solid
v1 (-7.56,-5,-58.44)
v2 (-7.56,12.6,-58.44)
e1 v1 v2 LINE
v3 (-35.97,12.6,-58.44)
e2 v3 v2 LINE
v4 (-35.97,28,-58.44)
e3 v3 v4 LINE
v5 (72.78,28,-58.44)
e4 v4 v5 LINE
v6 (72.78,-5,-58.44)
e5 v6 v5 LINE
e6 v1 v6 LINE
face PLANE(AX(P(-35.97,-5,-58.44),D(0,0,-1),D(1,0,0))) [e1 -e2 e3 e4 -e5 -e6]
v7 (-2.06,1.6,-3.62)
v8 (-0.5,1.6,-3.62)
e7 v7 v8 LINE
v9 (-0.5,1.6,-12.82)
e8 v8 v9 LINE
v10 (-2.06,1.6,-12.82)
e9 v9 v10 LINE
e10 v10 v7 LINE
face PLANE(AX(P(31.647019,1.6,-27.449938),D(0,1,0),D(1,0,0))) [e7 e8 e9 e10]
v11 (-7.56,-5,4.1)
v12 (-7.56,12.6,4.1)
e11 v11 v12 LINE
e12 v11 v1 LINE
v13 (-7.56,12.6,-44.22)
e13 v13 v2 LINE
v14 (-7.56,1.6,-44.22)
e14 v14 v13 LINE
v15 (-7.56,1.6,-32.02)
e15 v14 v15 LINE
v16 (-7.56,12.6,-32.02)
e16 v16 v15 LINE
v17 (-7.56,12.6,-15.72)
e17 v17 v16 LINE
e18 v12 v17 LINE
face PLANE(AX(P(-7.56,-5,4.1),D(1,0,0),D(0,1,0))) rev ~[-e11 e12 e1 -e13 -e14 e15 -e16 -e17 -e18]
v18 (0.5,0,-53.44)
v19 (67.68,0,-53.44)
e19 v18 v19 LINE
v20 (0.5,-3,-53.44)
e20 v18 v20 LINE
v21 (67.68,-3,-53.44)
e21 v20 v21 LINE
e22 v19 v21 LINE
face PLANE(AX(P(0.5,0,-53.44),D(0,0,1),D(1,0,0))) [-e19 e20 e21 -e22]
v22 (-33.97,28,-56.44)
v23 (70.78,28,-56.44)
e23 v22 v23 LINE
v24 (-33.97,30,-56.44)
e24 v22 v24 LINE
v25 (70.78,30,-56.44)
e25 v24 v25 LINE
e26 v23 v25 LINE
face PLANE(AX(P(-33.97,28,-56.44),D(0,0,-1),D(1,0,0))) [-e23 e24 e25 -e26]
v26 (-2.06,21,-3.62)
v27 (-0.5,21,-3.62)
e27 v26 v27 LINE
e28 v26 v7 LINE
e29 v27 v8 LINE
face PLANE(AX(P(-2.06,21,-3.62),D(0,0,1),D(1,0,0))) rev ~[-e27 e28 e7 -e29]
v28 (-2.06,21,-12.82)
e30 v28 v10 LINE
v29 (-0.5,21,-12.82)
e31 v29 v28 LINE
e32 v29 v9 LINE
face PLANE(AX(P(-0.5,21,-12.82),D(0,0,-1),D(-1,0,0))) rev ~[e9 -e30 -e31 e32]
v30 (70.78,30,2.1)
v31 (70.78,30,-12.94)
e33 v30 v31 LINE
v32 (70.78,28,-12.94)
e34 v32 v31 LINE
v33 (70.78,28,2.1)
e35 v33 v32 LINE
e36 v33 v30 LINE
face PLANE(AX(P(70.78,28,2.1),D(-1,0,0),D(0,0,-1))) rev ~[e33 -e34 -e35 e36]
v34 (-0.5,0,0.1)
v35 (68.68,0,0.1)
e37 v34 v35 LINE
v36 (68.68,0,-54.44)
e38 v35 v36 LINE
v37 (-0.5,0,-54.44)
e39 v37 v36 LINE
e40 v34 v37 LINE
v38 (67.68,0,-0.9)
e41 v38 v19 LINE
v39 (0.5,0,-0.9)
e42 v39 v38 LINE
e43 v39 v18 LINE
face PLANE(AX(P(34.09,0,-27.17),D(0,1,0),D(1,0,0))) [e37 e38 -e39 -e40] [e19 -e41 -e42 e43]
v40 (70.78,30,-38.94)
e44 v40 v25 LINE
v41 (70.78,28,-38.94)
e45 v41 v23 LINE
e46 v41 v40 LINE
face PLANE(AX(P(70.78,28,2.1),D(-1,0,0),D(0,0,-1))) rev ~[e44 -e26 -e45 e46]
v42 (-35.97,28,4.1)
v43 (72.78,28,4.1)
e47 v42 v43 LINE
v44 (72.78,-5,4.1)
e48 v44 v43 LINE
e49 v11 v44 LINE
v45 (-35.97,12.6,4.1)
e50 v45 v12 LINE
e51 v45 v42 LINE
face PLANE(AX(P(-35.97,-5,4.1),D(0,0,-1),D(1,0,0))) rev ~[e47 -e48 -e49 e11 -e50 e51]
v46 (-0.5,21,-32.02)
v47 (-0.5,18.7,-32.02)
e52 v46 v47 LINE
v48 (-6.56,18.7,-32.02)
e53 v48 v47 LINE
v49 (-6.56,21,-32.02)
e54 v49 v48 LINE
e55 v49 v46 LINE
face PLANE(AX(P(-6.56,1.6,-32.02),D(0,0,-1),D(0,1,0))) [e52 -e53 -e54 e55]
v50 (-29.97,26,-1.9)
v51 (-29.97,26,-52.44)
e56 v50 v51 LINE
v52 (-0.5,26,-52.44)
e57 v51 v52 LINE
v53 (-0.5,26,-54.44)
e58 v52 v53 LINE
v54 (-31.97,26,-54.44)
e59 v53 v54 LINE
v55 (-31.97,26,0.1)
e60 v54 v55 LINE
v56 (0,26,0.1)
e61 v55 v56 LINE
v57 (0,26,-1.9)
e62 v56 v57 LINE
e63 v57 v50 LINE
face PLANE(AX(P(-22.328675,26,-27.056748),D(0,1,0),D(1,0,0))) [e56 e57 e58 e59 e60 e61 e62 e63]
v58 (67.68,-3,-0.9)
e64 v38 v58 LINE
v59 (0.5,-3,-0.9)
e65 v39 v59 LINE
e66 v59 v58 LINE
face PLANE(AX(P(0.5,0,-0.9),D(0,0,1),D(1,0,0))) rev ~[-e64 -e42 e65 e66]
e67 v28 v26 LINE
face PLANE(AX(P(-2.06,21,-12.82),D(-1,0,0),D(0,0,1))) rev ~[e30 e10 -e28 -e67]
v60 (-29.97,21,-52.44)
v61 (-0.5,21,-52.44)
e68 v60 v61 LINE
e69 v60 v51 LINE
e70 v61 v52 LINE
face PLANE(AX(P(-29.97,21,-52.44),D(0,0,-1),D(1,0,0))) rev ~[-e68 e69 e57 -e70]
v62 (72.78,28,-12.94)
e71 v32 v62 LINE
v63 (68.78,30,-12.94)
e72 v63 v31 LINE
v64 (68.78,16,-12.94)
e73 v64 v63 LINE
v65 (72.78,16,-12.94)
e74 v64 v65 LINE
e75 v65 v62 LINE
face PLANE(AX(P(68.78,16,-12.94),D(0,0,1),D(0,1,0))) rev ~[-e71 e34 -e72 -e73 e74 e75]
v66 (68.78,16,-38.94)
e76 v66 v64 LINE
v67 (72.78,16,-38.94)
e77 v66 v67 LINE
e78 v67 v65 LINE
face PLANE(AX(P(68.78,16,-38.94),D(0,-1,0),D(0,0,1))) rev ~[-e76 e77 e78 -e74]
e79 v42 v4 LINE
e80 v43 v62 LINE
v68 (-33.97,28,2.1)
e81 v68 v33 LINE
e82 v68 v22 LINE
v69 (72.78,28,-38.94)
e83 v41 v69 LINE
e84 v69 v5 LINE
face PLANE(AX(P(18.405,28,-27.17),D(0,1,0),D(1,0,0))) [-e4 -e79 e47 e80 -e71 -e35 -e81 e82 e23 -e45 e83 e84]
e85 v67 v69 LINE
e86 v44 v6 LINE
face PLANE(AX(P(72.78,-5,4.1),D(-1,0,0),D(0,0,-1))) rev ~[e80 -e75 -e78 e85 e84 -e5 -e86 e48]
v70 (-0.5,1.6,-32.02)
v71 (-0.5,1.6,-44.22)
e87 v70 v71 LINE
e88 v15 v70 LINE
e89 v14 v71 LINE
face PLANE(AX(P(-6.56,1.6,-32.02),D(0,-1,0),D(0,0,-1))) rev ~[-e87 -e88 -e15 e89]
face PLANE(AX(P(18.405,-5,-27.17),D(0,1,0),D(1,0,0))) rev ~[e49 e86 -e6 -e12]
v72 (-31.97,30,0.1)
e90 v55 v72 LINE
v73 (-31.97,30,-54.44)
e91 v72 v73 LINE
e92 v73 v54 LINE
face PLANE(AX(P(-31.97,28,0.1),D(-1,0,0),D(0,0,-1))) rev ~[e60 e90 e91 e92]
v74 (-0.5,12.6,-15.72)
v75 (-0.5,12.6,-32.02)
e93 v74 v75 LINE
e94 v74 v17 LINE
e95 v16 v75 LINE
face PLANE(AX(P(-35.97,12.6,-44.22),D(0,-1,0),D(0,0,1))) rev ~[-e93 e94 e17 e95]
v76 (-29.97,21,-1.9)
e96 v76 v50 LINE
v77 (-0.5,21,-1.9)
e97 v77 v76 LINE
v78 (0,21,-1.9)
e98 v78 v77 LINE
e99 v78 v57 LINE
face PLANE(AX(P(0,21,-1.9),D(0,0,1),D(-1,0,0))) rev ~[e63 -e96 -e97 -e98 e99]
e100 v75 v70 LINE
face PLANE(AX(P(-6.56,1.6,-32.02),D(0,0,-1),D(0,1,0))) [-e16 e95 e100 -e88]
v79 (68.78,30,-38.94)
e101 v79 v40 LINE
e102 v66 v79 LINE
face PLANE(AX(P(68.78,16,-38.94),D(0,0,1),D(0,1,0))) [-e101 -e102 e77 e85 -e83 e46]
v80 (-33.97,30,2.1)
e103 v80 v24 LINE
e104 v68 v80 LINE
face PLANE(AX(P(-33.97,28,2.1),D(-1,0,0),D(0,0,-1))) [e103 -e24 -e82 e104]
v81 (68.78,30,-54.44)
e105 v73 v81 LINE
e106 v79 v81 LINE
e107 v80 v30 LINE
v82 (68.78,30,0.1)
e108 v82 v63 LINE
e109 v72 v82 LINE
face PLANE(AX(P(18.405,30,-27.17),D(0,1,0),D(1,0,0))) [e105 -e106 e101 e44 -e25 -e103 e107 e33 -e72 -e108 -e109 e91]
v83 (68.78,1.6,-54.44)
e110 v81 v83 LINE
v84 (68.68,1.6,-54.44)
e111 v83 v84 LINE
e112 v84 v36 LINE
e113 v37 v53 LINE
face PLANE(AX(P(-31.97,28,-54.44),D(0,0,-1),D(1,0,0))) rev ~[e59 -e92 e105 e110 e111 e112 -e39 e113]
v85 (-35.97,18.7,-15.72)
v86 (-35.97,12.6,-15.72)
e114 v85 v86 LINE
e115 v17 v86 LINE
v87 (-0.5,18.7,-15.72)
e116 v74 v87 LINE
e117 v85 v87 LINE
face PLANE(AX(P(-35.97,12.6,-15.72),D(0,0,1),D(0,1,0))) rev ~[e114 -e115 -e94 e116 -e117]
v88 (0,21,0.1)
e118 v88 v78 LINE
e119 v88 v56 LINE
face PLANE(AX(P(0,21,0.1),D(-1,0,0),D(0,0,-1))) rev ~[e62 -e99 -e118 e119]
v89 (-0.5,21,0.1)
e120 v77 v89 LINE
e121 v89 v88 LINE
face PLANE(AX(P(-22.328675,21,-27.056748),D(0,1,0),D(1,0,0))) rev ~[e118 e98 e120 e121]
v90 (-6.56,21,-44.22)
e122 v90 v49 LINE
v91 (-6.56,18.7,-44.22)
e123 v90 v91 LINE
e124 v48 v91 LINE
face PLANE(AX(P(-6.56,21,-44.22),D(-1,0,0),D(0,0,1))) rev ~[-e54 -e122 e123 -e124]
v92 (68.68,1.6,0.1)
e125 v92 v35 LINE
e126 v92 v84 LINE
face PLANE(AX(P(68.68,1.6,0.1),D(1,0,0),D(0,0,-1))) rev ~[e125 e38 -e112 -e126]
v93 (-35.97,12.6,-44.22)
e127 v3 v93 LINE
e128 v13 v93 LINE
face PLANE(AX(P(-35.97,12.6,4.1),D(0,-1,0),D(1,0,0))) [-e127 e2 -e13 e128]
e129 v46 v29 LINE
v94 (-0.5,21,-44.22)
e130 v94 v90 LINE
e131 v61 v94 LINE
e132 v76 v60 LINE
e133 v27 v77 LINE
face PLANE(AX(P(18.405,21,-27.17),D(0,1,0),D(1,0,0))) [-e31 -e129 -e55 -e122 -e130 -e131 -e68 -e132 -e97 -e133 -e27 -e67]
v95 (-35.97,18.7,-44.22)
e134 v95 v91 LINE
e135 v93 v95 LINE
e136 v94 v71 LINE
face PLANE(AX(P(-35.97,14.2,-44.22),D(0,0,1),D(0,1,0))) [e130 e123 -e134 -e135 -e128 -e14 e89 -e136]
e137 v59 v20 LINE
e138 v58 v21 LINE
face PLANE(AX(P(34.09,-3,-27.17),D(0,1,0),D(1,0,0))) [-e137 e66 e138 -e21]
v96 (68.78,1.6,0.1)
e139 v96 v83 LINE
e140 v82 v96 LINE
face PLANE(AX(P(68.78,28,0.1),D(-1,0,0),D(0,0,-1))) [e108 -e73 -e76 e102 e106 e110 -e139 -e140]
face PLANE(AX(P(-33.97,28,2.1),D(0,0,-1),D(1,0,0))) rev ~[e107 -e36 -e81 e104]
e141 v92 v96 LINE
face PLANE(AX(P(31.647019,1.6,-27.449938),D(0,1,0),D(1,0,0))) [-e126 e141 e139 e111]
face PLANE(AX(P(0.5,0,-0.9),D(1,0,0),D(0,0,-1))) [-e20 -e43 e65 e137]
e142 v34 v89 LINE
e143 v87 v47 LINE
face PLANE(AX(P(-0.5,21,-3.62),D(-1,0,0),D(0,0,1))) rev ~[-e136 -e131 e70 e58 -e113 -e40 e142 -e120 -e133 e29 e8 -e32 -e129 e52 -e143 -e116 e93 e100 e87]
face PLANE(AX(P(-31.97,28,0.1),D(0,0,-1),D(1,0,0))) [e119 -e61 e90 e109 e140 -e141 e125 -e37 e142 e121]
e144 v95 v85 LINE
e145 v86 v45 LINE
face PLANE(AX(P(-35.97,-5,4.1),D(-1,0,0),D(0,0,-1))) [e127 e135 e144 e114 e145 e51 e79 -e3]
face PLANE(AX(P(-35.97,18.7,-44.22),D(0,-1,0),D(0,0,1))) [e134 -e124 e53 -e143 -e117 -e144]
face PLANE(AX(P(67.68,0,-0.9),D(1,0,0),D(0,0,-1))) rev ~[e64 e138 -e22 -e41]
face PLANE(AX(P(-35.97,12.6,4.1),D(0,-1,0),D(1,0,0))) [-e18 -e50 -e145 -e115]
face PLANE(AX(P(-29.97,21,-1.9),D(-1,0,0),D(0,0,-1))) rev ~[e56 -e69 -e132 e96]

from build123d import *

# Parameters (mm, degrees)
EXTRUDE_1_DEPTH      = 28
EXTRUDE_1_DEPTH_BACK = 5
SKETCH_6_W           = 108.75
SKETCH_6_H           = 62.54
SKETCH_8_W           = 100.75
SKETCH_8_H           = 54.54
CUT_EXTRUDE_1_DEPTH  = 7
CUT_EXTRUDE_2_DEPTH  = 19.4
SKETCH_10_W          = 69.18
SKETCH_10_H          = 54.54
CUT_EXTRUDE_3_DEPTH  = 1.6
SKETCH_11_W          = 67.18
SKETCH_11_H          = 52.54
CUT_EXTRUDE_4_DEPTH  = 3
SKETCH_12_W          = 12.2
SKETCH_12_H          = 11
CUT_EXTRUDE_5_DEPTH  = 103.440564231
CUT_EXTRUDE_6_REACH  = 128.593
SKETCH_14_W          = 28.5
SKETCH_14_H          = 4.5
CUT_EXTRUDE_7_REACH  = 101.961
SKETCH_15_W          = 28.41
SKETCH_15_H          = 17.6
EXTRUDE_2_DEPTH      = 5
CUT_EXTRUDE_14_REACH = 128.593
SKETCH_23_W          = 28.5
SKETCH_23_H          = 1.6
SKETCH_25_W          = 104.75
SKETCH_25_H          = 58.54
SKETCH_25_W_2        = 100.75
SKETCH_25_H_2        = 54.54
EXTRUDE_3_DEPTH      = 2
SKETCH_26_W          = 26
SKETCH_26_H          = 14
CUT_EXTRUDE_15_DEPTH = 4


with BuildPart() as part:
    # ｽｹｯﾁ6 → ﾎﾞｽ - 押し出し1 (new, two sides: drawn at the far end of the back side and taken through both)
    with BuildSketch(Plane(origin=(0, 0, 0), x_dir=(1, 0, 0), z_dir=(0, 1, 0)).offset(-EXTRUDE_1_DEPTH_BACK)):
        with Locations((18.405, 27.17)):
            Rectangle(SKETCH_6_W, SKETCH_6_H)
    extrude(amount=EXTRUDE_1_DEPTH + EXTRUDE_1_DEPTH_BACK)

    # ｽｹｯﾁ8 → ｶｯﾄ - 押し出し1 (cut)
    with BuildSketch(Plane(origin=(0, 28, 0), x_dir=(1, 0, 0), z_dir=(0, 1, 0))):
        with Locations((18.405, 27.17)):
            Rectangle(SKETCH_8_W, SKETCH_8_H)
    extrude(amount=-CUT_EXTRUDE_1_DEPTH, mode=Mode.SUBTRACT)

    # ｽｹｯﾁ9 → ｶｯﾄ - 押し出し2 (cut)
    with BuildSketch(Plane(origin=(0, 21, 0), x_dir=(1, 0, 0), z_dir=(0, 1, 0))):
        Polygon((-0.5, 54.44), (-0.5, 44.22), (-6.56, 44.22), (-6.56, 32.02), (-0.5, 32.02), (-0.5, 12.82), (-2.06, 12.82), (-2.06, 3.62), (-0.5, 3.62), (-0.5, -0.1), (68.78, -0.1), (68.78, 54.44), align=None)
    extrude(amount=-CUT_EXTRUDE_2_DEPTH, mode=Mode.SUBTRACT)

    # ｽｹｯﾁ10 → ｶｯﾄ - 押し出し3 (cut)
    with BuildSketch(Plane(origin=(0, 1.6, 0), x_dir=(1, 0, 0), z_dir=(0, 1, 0))):
        with Locations((34.09, 27.17)):
            Rectangle(SKETCH_10_W, SKETCH_10_H)
    extrude(amount=-CUT_EXTRUDE_3_DEPTH, mode=Mode.SUBTRACT)

    # ｽｹｯﾁ11 → ｶｯﾄ - 押し出し4 (cut)
    with BuildSketch(Plane(origin=(0, 0, 0), x_dir=(1, 0, 0), z_dir=(0, 1, 0))):
        with Locations((34.09, 27.17)):
            Rectangle(SKETCH_11_W, SKETCH_11_H)
    extrude(amount=-CUT_EXTRUDE_4_DEPTH, mode=Mode.SUBTRACT)

    # ｽｹｯﾁ12 → ｶｯﾄ - 押し出し5 (cut, through all)
    with BuildSketch(Plane(origin=(-6.56, 0, 0), x_dir=(0, 0, -1), z_dir=(1, 0, 0))):
        with Locations((38.12, 7.1)):
            Rectangle(SKETCH_12_W, SKETCH_12_H)
    extrude(amount=-CUT_EXTRUDE_5_DEPTH, mode=Mode.SUBTRACT)

    # ｽｹｯﾁ14 → ｶｯﾄ - 押し出し6 (cut, up to next)
    with BuildSketch(Plane.ZY.offset(35.97), mode=Mode.PRIVATE) as cut_extrude_6_sk1:
        with Locations((-29.97, 16.45)):
            Rectangle(SKETCH_14_W, SKETCH_14_H)
    cut_extrude_6_tool1 = extrude(cut_extrude_6_sk1.sketch, amount=-CUT_EXTRUDE_6_REACH, mode=Mode.PRIVATE) & part.part
    add(cut_extrude_6_tool1.solids().sort_by_distance((-35.97, 16.45, -29.97))[0], mode=Mode.SUBTRACT)

    # ｶｯﾄ - 押し出し7: up to this face of the body (flat: up to its plane)
    cut_extrude_7_end = Plane(part.part.faces().sort_by_distance((18.405, 11.5, -58.44))[0])
    # ｽｹｯﾁ15 → ｶｯﾄ - 押し出し7 (cut, up to the picked face)
    with BuildSketch(Plane.XY.offset(4.1), mode=Mode.PRIVATE) as cut_extrude_7_sk1:
        with Locations((-21.765, 3.8)):
            Rectangle(SKETCH_15_W, SKETCH_15_H)
    cut_extrude_7_tool1 = split(extrude(cut_extrude_7_sk1.sketch, amount=-CUT_EXTRUDE_7_REACH, mode=Mode.PRIVATE), bisect_by=cut_extrude_7_end, keep=Keep.BOTH, mode=Mode.PRIVATE)
    add(cut_extrude_7_tool1.solids().sort_by(Axis((-21.765, 3.8, 4.1), (0, 0, -1)))[0], mode=Mode.SUBTRACT)

    # ｽｹｯﾁ16 → ﾎﾞｽ - 押し出し2 (add)
    with BuildSketch(Plane(origin=(0, 21, 0), x_dir=(1, 0, 0), z_dir=(0, 1, 0))):
        Polygon((-0.5, 54.44), (-31.97, 54.44), (-31.97, -0.1), (0, -0.1), (0, 1.9), (-29.97, 1.9), (-29.97, 52.44), (-0.5, 52.44), align=None)
    extrude(amount=EXTRUDE_2_DEPTH)

    # ｽｹｯﾁ23 → ｶｯﾄ - 押し出し14 (cut, up to next)
    with BuildSketch(Plane.ZY.offset(35.97), mode=Mode.PRIVATE) as cut_extrude_14_sk1:
        with Locations((-29.97, 13.4)):
            Rectangle(SKETCH_23_W, SKETCH_23_H)
    cut_extrude_14_tool1 = extrude(cut_extrude_14_sk1.sketch, amount=-CUT_EXTRUDE_14_REACH, mode=Mode.PRIVATE) & part.part
    add(cut_extrude_14_tool1.solids().sort_by_distance((-35.97, 13.4, -29.97))[0], mode=Mode.SUBTRACT)

    # ｽｹｯﾁ25 → ﾎﾞｽ - 押し出し3 (add)
    with BuildSketch(Plane(origin=(0, 28, 0), x_dir=(1, 0, 0), z_dir=(0, 1, 0))):
        with Locations((18.405, 27.17)):
            Rectangle(SKETCH_25_W, SKETCH_25_H)
        with Locations((18.405, 27.17)):
            Rectangle(SKETCH_25_W_2, SKETCH_25_H_2, mode=Mode.SUBTRACT)
    extrude(amount=EXTRUDE_3_DEPTH)

    # ｽｹｯﾁ26 → ｶｯﾄ - 押し出し15 (cut)
    with BuildSketch(Plane.ZY.offset(-68.78)):
        with Locations((-25.94, 23)):
            Rectangle(SKETCH_26_W, SKETCH_26_H)
    extrude(amount=-CUT_EXTRUDE_15_DEPTH, mode=Mode.SUBTRACT)


solid = part.part
